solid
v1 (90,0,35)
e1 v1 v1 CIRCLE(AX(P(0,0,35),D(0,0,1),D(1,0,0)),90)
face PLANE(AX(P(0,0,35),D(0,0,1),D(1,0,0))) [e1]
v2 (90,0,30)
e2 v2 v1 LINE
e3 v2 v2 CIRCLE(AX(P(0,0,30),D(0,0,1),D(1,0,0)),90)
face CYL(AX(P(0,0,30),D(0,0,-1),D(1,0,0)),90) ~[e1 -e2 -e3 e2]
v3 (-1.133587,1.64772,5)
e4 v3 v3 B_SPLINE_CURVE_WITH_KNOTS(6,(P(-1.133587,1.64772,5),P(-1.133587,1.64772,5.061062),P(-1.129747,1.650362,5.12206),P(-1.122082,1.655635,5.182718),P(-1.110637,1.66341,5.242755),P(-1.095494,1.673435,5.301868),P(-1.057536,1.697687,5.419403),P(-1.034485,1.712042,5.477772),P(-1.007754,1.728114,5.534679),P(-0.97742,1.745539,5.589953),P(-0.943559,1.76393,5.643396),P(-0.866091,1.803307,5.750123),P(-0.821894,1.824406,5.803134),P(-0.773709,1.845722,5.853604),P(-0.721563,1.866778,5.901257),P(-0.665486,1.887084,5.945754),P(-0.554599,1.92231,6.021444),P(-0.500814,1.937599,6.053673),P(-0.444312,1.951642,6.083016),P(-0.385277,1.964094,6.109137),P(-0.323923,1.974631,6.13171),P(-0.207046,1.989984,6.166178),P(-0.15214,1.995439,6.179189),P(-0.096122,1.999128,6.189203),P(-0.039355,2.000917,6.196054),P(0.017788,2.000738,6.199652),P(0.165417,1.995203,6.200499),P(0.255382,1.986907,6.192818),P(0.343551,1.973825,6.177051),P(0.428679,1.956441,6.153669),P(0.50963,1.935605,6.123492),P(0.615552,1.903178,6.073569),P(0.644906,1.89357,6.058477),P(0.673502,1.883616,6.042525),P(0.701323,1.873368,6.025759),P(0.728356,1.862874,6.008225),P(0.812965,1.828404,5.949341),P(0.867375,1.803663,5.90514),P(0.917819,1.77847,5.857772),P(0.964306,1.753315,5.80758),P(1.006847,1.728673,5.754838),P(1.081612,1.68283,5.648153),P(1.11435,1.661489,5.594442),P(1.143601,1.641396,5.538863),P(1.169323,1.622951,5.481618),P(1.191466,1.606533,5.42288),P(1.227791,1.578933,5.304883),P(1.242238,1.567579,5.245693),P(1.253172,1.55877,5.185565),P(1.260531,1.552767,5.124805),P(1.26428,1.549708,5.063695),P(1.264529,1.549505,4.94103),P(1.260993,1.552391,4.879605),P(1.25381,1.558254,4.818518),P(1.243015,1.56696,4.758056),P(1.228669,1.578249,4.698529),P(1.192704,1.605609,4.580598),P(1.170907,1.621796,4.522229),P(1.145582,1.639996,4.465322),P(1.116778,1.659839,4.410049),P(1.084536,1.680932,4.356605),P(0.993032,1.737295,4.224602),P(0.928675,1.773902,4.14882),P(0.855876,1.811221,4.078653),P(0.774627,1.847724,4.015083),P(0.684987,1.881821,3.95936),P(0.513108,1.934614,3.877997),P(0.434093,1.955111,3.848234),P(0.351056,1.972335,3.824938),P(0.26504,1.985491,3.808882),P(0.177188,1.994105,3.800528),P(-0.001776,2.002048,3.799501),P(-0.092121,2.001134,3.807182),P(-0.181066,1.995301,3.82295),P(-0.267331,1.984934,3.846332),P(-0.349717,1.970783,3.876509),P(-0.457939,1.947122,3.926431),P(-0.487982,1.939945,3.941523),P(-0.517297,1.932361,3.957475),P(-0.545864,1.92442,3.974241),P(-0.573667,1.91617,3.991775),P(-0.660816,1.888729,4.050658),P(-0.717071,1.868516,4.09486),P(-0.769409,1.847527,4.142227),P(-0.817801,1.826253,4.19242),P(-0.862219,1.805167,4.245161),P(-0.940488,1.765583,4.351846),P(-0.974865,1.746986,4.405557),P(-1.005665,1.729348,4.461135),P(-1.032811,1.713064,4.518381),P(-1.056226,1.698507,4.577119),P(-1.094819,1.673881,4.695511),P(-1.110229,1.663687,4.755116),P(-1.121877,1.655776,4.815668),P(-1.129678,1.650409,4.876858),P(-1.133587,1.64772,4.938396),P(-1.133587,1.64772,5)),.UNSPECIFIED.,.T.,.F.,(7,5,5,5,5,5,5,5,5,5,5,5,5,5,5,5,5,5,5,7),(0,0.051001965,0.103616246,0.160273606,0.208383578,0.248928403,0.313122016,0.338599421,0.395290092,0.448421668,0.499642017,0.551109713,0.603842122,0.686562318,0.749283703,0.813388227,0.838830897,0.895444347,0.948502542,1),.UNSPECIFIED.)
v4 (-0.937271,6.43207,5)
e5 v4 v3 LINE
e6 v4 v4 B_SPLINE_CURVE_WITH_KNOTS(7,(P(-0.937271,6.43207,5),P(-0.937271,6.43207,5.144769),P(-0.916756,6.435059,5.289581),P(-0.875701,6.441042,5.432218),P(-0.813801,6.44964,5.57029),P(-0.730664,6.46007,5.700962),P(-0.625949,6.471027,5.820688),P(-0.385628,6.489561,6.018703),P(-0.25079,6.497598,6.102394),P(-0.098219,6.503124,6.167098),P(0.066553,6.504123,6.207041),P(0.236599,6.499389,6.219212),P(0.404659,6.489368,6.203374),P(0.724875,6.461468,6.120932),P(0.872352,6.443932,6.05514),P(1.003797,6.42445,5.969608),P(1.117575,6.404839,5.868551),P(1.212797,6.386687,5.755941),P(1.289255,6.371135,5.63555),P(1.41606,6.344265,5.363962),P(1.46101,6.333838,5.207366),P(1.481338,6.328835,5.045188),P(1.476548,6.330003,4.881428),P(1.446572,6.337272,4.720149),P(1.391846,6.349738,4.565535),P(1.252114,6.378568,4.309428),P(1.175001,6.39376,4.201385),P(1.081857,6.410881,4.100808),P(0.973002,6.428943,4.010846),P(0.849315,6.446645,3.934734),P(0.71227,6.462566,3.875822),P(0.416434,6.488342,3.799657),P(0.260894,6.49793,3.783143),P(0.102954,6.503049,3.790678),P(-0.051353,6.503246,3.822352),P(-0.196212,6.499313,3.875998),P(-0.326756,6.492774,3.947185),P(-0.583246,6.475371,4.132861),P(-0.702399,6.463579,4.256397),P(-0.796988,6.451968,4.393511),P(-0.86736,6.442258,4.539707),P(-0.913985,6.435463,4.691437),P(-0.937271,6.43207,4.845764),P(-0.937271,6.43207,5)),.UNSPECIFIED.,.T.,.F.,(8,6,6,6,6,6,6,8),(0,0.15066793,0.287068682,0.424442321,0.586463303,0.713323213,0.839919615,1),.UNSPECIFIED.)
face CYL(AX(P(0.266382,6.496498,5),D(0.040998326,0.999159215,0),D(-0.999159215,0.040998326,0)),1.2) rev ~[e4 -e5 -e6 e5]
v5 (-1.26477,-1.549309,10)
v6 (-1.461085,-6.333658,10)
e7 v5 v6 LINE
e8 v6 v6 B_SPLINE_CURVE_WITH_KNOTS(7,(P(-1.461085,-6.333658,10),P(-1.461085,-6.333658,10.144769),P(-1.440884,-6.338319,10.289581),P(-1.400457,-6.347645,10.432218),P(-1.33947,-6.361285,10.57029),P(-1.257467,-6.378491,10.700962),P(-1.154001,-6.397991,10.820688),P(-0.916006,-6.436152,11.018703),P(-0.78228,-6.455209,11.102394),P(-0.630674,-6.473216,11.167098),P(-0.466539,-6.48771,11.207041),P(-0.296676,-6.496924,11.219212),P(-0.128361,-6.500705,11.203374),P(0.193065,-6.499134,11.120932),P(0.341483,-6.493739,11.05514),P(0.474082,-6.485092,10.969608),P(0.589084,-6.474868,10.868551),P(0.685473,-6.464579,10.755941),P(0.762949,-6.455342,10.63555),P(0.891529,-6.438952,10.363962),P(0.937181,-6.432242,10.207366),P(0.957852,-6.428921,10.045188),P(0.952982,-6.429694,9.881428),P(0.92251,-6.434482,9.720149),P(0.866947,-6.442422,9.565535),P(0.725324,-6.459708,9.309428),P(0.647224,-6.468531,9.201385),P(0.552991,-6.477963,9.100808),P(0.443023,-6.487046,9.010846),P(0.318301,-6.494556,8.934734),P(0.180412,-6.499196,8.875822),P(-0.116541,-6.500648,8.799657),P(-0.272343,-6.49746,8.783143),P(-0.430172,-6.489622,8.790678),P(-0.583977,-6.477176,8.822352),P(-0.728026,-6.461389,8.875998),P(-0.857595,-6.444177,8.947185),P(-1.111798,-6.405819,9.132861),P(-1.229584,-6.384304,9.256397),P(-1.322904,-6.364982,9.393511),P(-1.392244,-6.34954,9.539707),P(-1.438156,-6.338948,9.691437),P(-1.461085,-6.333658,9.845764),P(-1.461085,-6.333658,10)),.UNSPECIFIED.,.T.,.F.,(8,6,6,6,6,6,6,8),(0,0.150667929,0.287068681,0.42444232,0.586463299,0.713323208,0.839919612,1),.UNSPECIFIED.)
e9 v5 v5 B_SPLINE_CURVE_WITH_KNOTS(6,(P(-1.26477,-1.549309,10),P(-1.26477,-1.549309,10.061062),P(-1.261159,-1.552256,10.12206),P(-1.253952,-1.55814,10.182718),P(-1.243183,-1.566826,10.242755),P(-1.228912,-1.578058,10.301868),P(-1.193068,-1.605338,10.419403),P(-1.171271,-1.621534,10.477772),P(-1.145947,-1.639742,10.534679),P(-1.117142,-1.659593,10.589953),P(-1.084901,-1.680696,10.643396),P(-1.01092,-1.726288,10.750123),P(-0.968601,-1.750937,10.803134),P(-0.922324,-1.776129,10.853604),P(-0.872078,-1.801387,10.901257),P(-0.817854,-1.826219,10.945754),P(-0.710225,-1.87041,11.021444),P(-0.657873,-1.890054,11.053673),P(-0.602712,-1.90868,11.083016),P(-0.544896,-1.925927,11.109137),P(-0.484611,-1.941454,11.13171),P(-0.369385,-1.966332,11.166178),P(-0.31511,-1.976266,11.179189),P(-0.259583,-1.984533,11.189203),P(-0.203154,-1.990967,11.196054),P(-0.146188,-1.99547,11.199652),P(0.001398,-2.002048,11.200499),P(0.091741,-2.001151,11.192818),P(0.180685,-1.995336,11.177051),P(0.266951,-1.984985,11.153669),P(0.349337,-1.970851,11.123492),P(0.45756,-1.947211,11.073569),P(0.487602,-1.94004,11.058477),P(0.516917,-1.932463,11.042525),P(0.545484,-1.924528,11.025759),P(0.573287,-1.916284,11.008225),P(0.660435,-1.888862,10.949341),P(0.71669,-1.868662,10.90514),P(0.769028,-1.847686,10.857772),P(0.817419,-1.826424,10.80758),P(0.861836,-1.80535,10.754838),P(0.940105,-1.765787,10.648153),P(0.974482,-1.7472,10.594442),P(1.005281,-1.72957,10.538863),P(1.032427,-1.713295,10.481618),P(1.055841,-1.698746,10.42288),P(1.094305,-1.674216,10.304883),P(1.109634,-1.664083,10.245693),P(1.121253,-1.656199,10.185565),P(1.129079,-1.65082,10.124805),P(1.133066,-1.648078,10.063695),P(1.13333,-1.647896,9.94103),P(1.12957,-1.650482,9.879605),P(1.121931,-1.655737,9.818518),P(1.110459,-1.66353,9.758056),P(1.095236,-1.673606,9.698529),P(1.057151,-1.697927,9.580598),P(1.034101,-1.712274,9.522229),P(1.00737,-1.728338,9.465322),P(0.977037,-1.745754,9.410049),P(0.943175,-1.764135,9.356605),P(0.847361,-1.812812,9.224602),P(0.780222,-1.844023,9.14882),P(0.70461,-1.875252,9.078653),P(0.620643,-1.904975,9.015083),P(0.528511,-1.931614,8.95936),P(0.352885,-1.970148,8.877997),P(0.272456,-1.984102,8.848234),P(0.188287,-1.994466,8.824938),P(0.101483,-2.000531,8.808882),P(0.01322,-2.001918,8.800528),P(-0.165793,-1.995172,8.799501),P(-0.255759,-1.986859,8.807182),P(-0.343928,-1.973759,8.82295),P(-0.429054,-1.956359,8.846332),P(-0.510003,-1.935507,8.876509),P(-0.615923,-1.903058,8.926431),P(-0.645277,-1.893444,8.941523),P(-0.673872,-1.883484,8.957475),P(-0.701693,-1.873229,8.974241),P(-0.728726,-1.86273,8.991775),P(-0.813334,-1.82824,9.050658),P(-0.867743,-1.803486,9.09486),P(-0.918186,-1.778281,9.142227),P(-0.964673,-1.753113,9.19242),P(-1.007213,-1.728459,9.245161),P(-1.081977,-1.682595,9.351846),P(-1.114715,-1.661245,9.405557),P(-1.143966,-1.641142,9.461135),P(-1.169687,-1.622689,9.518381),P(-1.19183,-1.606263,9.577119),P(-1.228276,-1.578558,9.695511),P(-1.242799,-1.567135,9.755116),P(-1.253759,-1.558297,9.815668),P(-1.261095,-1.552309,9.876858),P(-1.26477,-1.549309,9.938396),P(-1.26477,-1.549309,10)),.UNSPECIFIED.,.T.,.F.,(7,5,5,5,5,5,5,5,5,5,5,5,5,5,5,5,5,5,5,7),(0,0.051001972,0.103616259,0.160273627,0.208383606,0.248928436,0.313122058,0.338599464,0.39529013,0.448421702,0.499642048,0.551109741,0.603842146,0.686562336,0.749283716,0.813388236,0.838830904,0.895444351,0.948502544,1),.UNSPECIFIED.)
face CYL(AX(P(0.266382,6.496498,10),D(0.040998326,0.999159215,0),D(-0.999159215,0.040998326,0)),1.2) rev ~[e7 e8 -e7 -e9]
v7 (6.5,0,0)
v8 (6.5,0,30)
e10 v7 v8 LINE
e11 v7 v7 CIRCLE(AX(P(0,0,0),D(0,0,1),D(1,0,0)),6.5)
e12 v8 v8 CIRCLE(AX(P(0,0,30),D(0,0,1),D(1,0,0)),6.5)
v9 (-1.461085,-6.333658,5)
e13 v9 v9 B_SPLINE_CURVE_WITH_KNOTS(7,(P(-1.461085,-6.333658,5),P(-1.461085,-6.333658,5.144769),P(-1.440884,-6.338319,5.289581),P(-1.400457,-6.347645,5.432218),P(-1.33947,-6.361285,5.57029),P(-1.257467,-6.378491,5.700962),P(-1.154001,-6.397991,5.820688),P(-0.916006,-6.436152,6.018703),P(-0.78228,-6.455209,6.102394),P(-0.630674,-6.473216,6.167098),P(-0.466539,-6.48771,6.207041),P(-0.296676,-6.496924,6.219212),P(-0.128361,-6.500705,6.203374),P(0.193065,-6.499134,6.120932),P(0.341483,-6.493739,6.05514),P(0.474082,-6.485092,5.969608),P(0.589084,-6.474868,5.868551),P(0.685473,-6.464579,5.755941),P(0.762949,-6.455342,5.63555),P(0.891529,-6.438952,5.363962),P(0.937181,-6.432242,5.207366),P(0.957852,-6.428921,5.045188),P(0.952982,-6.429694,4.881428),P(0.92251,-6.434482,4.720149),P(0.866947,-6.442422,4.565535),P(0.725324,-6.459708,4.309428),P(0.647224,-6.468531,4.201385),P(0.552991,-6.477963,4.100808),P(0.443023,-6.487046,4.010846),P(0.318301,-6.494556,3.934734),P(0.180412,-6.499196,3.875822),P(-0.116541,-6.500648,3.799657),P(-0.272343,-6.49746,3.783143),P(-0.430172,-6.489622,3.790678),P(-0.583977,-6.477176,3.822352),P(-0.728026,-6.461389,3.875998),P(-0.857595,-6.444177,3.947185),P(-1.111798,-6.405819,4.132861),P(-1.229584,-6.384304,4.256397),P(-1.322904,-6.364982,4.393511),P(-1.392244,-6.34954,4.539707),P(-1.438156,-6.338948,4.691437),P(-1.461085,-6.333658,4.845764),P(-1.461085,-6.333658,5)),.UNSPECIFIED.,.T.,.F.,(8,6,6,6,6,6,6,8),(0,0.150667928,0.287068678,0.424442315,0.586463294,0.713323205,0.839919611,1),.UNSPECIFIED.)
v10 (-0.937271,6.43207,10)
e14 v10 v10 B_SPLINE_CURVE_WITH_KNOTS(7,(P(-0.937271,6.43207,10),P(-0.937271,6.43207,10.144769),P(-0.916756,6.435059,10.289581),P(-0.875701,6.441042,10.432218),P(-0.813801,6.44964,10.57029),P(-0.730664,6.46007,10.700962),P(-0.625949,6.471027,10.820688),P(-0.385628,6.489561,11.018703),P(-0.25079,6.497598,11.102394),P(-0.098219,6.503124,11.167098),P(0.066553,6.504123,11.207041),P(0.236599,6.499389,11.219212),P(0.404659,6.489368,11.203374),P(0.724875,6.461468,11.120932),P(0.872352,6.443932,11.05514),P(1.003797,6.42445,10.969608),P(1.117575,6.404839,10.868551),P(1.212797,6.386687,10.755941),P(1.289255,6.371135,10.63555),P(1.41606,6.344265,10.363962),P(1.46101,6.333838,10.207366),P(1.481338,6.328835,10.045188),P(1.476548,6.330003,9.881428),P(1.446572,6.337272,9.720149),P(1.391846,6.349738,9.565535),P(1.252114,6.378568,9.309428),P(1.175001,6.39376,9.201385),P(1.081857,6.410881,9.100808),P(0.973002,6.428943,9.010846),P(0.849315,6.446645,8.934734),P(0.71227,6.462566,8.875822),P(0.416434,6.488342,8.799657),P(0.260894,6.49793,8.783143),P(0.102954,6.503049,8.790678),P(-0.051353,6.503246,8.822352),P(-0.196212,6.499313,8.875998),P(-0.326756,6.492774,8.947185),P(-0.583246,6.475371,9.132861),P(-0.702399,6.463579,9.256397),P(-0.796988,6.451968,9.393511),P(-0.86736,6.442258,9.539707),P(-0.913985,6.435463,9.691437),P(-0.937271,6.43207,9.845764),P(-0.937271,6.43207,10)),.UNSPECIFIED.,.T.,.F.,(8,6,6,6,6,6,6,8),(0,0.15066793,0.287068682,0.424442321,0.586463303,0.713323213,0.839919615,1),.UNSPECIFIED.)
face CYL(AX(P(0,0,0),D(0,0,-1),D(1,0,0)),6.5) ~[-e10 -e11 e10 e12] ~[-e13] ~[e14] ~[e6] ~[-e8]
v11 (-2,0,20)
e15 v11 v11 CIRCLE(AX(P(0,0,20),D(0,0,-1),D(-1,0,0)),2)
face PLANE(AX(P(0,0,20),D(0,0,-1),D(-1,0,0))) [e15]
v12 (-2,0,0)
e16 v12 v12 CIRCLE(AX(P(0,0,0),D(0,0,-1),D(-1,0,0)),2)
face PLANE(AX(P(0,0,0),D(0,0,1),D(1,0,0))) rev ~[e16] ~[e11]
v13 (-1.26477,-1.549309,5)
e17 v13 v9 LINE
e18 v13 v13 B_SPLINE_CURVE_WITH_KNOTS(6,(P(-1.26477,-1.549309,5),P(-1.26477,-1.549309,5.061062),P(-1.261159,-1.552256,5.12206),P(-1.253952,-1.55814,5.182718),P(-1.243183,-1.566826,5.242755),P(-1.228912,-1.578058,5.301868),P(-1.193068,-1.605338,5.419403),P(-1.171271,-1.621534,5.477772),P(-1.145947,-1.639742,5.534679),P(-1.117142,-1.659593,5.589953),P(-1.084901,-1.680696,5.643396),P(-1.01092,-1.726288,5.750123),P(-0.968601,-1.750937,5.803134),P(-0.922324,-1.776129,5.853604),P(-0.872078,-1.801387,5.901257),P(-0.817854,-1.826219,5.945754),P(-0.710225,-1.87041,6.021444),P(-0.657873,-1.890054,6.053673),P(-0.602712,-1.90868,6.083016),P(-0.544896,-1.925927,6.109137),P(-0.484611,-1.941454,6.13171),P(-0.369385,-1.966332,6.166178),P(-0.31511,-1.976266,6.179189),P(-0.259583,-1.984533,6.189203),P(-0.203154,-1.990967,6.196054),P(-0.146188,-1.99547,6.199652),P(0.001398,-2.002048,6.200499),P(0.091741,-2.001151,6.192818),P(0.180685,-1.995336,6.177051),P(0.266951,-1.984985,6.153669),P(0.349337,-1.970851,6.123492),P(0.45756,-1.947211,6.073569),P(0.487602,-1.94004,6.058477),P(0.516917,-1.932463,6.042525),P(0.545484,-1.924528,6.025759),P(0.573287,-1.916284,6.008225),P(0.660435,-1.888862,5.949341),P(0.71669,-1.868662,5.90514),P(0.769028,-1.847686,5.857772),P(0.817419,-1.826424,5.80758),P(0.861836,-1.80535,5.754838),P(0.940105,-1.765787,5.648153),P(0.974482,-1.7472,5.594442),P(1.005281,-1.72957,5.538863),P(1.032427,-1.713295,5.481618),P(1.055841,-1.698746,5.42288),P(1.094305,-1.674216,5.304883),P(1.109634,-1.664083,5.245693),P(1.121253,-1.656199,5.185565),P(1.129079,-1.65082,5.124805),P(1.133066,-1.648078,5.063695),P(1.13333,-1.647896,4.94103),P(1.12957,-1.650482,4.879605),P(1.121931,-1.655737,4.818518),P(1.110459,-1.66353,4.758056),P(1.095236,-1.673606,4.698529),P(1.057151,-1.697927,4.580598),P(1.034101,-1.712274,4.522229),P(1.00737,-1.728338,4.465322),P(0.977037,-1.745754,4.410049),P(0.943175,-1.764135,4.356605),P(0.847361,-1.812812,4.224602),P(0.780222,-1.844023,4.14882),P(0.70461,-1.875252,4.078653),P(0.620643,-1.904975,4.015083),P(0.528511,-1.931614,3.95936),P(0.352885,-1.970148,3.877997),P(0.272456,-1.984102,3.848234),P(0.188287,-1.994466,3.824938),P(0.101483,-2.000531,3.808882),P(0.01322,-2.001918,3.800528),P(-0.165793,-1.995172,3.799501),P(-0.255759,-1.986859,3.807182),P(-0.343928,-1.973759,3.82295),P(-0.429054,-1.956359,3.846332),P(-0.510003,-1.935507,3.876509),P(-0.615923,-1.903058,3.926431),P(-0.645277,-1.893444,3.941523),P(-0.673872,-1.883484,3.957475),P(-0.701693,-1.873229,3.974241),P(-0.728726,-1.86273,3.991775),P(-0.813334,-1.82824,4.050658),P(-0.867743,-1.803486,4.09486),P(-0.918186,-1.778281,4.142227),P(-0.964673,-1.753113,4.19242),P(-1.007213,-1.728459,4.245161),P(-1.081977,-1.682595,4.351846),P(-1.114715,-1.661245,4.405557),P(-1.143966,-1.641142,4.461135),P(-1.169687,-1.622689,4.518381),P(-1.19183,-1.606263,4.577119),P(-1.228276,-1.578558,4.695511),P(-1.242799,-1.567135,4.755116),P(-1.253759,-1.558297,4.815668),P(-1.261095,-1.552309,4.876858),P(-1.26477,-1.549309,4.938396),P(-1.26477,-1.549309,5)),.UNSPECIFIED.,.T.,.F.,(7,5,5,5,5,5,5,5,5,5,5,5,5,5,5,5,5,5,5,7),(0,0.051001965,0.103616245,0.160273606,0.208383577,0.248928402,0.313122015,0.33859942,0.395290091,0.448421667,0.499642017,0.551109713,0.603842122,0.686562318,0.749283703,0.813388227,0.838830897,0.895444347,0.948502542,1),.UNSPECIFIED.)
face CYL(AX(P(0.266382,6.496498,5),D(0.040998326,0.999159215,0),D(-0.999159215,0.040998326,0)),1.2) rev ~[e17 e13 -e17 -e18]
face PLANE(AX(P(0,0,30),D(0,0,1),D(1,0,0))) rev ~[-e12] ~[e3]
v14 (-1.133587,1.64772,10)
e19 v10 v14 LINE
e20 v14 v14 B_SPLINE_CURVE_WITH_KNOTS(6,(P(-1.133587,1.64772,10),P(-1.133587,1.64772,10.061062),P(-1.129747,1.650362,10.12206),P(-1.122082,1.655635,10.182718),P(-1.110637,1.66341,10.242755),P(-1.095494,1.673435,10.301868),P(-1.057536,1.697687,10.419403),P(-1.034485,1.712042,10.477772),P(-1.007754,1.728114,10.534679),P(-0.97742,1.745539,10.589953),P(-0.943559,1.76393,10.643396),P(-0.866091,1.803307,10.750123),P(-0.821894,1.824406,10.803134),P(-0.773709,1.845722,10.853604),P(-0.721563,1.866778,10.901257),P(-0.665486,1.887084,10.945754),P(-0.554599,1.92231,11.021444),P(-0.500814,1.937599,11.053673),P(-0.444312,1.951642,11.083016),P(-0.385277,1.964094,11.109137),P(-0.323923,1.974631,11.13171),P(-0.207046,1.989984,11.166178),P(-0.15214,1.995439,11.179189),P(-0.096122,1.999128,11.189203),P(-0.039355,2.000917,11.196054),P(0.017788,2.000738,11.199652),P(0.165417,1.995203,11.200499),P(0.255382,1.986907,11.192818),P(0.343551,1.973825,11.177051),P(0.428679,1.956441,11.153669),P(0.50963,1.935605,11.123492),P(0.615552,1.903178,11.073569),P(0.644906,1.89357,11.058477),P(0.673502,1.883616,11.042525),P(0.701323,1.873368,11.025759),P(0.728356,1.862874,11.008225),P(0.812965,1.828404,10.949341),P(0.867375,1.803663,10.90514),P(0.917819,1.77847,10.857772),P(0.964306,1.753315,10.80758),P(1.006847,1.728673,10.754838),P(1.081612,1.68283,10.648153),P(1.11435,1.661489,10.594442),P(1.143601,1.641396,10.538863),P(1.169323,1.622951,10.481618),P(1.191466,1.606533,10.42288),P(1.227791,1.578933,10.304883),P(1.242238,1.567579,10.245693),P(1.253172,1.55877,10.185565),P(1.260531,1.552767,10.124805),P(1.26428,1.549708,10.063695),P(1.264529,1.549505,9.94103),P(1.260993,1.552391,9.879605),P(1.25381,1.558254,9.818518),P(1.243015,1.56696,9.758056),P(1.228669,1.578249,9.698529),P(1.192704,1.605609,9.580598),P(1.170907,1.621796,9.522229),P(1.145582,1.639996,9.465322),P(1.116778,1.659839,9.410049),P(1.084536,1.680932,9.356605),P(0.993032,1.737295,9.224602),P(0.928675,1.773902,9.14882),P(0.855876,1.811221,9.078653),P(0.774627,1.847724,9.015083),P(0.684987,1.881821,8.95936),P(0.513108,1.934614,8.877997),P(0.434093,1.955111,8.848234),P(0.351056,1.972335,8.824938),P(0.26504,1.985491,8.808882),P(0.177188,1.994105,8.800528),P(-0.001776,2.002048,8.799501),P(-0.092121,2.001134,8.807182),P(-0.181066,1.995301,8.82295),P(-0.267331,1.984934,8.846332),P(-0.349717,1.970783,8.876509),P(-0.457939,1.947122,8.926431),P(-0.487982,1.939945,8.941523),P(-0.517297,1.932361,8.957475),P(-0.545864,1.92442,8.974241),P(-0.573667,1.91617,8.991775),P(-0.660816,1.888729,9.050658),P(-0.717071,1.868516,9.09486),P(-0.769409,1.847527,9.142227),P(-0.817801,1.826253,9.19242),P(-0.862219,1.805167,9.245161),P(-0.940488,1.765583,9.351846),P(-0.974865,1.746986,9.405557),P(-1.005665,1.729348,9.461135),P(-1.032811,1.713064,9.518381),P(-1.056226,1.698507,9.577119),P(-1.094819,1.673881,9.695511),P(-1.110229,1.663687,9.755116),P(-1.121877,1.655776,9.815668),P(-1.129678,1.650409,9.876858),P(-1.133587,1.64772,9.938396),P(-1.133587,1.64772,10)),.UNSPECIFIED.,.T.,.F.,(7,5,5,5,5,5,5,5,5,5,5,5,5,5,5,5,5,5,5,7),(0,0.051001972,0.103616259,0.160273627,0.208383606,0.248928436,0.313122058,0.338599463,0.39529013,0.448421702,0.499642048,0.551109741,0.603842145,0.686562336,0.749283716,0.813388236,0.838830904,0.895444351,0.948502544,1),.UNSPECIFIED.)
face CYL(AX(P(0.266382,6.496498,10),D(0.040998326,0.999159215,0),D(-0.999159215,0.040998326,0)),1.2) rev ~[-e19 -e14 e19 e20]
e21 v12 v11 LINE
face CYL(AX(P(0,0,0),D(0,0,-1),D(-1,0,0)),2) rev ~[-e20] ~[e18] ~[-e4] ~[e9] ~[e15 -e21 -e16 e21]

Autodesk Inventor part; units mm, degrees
ref_plane "YZ Plane" through (0, 0, 0) normal (1, 0, 0) x (0, 1, 0)
ref_plane "XZ Plane" through (0, 0, 0) normal (0, 1, 0) x (-1, 0, 0)
ref_plane "XY Plane" through (0, 0, 0) normal (0, 0, 1) x (1, 0, 0)
sketch "Sketch1" plane through (0, 0, 0) normal (0, 0, 1) x (1, 0, 0)
  circle A0 centre (0, 0) radius 6.5
  dimension "d0" = 13
extrude "Extrusion1" add sketch "Sketch1" along normal blind 30
sketch "Sketch3" plane through (0, 0, 30) normal (0, 0, 1) x (1, 0, 0)
  circle A0 centre (0, 0) radius 90
  dimension "d3" = 180
sketch "Sketch4" plane through (0, 0, 0) normal (0, 0, -1) x (-1, 0, 0)
  circle A0 centre (0, 0) radius 2
  dimension "d4" = 4
extrude "Extrusion2" cut sketch "Sketch4" against normal blind 20
ref_plane "Work Plane2" through (0.2663, 6.4945, 0) normal (0.041, 0.9992, 0) x (-0.9992, 0.041, 0)
ref_plane "Work Plane1" through (-27.6829, 45.9903, 12) normal (0.041, 0.9992, 0) x (-0.9992, 0.041, 0)
ref_plane "Work Plane4" through (0.2663, 6.4945, 0) normal (0.041, 0.9992, 0) x (-0.9992, 0.041, 0)
ref_plane "Work Plane3" through (19.1559, -19.777, -43.8) normal (0.041, 0.9992, 0) x (-0.9992, 0.041, 0)
sketch "Sketch5" plane through (0.2663, 6.4945, 0) normal (0.041, 0.9992, 0) x (-0.9992, 0.041, 0)
  line L0 (0, 0) -> (0, 20)
  line L1 (0, 20) -> (0, 5)
  line L2 (0, 5) -> (0, 10)
  circle A0 centre (0, 10) radius 1.2
  circle A1 centre (0, 5) radius 1.2
  dimension "d7" = 20
  dimension "d8" = 15
  dimension "d9" = 5
  dimension "d10" = 2.4
extrude "Extrusion3" cut sketch "Sketch5" against normal blind 20
sketch "Sketch6" plane through (0, 0, 30) normal (0, 0, 1) x (1, 0, 0)
  circle A0 centre (0, 0) radius 90
  dimension "d13" = 180
extrude "Extrusion4" add sketch "Sketch6" along normal blind 5
properties part number "plošča za vrtenje"
